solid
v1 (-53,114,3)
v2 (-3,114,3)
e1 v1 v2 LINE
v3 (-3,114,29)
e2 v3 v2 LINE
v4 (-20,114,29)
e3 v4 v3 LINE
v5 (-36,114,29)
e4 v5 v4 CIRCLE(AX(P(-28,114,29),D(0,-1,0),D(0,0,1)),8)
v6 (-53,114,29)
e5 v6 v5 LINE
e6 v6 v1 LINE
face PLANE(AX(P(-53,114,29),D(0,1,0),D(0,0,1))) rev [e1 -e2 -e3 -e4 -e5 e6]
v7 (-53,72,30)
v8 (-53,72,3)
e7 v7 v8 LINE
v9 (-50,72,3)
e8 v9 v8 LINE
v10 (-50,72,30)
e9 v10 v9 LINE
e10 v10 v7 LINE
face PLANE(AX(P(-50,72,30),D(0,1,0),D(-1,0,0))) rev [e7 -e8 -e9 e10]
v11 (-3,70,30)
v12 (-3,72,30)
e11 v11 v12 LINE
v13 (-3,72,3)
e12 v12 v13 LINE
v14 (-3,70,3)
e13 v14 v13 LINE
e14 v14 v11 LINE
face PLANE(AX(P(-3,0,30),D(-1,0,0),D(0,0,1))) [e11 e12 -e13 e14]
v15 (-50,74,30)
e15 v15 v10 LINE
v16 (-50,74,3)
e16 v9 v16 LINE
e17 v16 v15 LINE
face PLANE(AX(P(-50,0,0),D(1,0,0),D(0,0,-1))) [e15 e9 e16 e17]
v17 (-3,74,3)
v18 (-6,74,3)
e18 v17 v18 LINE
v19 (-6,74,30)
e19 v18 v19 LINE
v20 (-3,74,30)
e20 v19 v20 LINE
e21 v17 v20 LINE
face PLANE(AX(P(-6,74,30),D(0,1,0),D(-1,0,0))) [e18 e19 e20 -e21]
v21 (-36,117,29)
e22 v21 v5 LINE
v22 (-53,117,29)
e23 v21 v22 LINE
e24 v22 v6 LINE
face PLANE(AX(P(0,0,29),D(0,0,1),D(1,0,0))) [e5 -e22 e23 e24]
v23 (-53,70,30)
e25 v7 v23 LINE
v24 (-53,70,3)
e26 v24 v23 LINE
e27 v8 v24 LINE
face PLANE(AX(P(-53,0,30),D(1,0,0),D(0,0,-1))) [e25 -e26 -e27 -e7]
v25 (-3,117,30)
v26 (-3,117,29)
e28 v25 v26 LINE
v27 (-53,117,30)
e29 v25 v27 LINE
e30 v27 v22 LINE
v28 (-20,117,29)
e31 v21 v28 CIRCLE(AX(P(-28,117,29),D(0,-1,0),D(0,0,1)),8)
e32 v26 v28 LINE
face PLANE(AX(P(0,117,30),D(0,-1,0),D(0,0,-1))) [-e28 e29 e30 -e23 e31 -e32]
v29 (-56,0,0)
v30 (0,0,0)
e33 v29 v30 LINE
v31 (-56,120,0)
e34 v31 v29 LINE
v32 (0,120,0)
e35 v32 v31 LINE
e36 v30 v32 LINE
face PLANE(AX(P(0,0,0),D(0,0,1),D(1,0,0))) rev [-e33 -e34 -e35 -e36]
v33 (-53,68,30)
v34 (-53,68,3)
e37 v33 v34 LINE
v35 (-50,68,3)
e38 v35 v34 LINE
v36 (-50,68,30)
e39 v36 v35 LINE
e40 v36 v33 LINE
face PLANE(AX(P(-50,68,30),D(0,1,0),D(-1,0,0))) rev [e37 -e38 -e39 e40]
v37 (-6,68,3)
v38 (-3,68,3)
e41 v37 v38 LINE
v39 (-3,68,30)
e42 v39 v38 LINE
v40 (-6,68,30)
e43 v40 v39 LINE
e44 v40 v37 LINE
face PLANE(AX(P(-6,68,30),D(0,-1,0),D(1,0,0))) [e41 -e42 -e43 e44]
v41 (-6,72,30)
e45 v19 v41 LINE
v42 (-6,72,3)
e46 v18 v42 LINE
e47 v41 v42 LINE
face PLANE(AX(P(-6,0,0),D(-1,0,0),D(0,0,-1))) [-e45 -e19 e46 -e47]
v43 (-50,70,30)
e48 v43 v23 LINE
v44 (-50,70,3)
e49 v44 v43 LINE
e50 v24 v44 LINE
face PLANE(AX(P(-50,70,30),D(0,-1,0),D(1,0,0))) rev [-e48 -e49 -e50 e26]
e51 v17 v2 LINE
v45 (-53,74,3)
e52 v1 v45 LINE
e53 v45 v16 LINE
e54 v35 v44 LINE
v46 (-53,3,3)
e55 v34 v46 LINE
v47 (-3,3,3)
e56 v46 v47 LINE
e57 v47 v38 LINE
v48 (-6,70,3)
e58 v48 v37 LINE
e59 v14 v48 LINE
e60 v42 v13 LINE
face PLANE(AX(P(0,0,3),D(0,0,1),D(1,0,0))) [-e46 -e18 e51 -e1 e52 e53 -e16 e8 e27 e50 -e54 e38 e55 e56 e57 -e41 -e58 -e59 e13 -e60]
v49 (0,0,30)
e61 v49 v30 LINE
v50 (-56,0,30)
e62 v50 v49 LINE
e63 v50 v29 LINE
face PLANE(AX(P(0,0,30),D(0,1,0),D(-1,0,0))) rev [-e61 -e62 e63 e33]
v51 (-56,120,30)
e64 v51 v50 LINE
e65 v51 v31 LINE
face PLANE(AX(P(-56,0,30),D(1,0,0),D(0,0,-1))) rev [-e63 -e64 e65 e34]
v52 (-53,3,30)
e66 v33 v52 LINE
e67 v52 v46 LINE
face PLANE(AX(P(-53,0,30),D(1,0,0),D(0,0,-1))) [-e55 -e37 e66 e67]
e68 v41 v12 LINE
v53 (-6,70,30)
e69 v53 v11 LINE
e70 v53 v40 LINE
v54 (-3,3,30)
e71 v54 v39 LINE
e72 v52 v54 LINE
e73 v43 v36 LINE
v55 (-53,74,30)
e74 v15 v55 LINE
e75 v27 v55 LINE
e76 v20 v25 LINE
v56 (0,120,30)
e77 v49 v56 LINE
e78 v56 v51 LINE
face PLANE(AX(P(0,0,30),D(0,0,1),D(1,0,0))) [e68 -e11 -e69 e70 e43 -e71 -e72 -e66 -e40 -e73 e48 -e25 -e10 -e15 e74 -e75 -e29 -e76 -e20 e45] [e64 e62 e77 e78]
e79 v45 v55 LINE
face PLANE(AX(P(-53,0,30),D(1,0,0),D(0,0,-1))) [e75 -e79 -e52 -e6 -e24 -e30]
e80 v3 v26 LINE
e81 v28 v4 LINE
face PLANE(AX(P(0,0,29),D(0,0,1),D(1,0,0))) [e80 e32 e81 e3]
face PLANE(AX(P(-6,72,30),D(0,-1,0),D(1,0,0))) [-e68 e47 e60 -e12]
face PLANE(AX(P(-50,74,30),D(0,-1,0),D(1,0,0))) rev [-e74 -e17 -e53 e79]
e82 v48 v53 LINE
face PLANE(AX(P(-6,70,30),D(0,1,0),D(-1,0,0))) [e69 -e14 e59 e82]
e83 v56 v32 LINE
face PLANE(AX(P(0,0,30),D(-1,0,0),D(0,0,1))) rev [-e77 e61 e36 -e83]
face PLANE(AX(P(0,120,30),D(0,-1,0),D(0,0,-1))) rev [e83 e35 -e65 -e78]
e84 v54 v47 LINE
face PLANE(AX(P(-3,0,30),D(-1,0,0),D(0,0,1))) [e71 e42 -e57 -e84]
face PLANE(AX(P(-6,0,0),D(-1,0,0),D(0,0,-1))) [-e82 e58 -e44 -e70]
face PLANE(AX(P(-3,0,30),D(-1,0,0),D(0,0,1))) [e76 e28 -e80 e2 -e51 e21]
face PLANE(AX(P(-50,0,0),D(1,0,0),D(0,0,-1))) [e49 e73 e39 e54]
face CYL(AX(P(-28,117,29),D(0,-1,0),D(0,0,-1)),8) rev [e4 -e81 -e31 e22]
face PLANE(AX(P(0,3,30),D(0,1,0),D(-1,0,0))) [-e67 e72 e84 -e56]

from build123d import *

# Parameters (mm, degrees)
SKETCH1_W           = 56
SKETCH1_H           = 120
BOSS_EXTRUDE1_DEPTH = 30
SHELL1_T            = -3
SKETCH2_W           = 50
SKETCH2_H           = 3
BOSS_EXTRUDE2_DEPTH = 26
CUT_EXTRUDE5_DEPTH  = 3
SKETCH6_W           = 30
SKETCH6_H           = 2
BOSS_EXTRUDE3_DEPTH = 3
SKETCH7_W           = 30
SKETCH7_H           = 2
BOSS_EXTRUDE4_DEPTH = 3


with BuildPart() as part:
    # Sketch1 → Boss-Extrude1 (new body)
    with BuildSketch(Plane.XY):
        with Locations((-28, 60)):
            Rectangle(SKETCH1_W, SKETCH1_H)
    extrude(amount=BOSS_EXTRUDE1_DEPTH)

    # Shell1
    shell1_openings = [part.faces().sort_by_distance(p)[0] for p in [
        (-28, 60, 30),
    ]]
    offset(amount=SHELL1_T, openings=shell1_openings, kind=Kind.INTERSECTION)

    # Sketch2 → Boss-Extrude2 (add)
    with BuildSketch(Plane.XY.offset(3)):
        with Locations((-28, 115.5)):
            Rectangle(SKETCH2_W, SKETCH2_H)
    extrude(amount=BOSS_EXTRUDE2_DEPTH)

    # Sketch3 → Cut-Extrude5 (cut)
    with BuildSketch(Plane.XZ.offset(-114)):
        with BuildLine():
            Line((-36, 29), (-20, 29))
            ThreePointArc((-20, 29), (-28, 21), (-36, 29))
        make_face()
    extrude(amount=-CUT_EXTRUDE5_DEPTH, mode=Mode.SUBTRACT)

    # Sketch6 → Boss-Extrude3 (add)
    with BuildSketch(Plane(origin=(-53, 0, 0), x_dir=(0, 0, -1), z_dir=(1, 0, 0))):
        with Locations((-15, 73)):
            Rectangle(SKETCH6_W, SKETCH6_H)
    boss_extrude3 = extrude(amount=BOSS_EXTRUDE3_DEPTH)

    # Sketch7 → Boss-Extrude4 (add)
    with BuildSketch(Plane(origin=(-53, 0, 0), x_dir=(0, 0, -1), z_dir=(1, 0, 0))):
        with Locations((-15, 69)):
            Rectangle(SKETCH7_W, SKETCH7_H)
    boss_extrude4 = extrude(amount=BOSS_EXTRUDE4_DEPTH)

    # Mirror1: Boss-Extrude3, Boss-Extrude4 across plane
    add(boss_extrude3.mirror(Plane(origin=(-28, 0, 0), x_dir=(0, 0, 1), z_dir=(1, 0, 0))))
    add(boss_extrude4.mirror(Plane(origin=(-28, 0, 0), x_dir=(0, 0, 1), z_dir=(1, 0, 0))))


solid = part.part
